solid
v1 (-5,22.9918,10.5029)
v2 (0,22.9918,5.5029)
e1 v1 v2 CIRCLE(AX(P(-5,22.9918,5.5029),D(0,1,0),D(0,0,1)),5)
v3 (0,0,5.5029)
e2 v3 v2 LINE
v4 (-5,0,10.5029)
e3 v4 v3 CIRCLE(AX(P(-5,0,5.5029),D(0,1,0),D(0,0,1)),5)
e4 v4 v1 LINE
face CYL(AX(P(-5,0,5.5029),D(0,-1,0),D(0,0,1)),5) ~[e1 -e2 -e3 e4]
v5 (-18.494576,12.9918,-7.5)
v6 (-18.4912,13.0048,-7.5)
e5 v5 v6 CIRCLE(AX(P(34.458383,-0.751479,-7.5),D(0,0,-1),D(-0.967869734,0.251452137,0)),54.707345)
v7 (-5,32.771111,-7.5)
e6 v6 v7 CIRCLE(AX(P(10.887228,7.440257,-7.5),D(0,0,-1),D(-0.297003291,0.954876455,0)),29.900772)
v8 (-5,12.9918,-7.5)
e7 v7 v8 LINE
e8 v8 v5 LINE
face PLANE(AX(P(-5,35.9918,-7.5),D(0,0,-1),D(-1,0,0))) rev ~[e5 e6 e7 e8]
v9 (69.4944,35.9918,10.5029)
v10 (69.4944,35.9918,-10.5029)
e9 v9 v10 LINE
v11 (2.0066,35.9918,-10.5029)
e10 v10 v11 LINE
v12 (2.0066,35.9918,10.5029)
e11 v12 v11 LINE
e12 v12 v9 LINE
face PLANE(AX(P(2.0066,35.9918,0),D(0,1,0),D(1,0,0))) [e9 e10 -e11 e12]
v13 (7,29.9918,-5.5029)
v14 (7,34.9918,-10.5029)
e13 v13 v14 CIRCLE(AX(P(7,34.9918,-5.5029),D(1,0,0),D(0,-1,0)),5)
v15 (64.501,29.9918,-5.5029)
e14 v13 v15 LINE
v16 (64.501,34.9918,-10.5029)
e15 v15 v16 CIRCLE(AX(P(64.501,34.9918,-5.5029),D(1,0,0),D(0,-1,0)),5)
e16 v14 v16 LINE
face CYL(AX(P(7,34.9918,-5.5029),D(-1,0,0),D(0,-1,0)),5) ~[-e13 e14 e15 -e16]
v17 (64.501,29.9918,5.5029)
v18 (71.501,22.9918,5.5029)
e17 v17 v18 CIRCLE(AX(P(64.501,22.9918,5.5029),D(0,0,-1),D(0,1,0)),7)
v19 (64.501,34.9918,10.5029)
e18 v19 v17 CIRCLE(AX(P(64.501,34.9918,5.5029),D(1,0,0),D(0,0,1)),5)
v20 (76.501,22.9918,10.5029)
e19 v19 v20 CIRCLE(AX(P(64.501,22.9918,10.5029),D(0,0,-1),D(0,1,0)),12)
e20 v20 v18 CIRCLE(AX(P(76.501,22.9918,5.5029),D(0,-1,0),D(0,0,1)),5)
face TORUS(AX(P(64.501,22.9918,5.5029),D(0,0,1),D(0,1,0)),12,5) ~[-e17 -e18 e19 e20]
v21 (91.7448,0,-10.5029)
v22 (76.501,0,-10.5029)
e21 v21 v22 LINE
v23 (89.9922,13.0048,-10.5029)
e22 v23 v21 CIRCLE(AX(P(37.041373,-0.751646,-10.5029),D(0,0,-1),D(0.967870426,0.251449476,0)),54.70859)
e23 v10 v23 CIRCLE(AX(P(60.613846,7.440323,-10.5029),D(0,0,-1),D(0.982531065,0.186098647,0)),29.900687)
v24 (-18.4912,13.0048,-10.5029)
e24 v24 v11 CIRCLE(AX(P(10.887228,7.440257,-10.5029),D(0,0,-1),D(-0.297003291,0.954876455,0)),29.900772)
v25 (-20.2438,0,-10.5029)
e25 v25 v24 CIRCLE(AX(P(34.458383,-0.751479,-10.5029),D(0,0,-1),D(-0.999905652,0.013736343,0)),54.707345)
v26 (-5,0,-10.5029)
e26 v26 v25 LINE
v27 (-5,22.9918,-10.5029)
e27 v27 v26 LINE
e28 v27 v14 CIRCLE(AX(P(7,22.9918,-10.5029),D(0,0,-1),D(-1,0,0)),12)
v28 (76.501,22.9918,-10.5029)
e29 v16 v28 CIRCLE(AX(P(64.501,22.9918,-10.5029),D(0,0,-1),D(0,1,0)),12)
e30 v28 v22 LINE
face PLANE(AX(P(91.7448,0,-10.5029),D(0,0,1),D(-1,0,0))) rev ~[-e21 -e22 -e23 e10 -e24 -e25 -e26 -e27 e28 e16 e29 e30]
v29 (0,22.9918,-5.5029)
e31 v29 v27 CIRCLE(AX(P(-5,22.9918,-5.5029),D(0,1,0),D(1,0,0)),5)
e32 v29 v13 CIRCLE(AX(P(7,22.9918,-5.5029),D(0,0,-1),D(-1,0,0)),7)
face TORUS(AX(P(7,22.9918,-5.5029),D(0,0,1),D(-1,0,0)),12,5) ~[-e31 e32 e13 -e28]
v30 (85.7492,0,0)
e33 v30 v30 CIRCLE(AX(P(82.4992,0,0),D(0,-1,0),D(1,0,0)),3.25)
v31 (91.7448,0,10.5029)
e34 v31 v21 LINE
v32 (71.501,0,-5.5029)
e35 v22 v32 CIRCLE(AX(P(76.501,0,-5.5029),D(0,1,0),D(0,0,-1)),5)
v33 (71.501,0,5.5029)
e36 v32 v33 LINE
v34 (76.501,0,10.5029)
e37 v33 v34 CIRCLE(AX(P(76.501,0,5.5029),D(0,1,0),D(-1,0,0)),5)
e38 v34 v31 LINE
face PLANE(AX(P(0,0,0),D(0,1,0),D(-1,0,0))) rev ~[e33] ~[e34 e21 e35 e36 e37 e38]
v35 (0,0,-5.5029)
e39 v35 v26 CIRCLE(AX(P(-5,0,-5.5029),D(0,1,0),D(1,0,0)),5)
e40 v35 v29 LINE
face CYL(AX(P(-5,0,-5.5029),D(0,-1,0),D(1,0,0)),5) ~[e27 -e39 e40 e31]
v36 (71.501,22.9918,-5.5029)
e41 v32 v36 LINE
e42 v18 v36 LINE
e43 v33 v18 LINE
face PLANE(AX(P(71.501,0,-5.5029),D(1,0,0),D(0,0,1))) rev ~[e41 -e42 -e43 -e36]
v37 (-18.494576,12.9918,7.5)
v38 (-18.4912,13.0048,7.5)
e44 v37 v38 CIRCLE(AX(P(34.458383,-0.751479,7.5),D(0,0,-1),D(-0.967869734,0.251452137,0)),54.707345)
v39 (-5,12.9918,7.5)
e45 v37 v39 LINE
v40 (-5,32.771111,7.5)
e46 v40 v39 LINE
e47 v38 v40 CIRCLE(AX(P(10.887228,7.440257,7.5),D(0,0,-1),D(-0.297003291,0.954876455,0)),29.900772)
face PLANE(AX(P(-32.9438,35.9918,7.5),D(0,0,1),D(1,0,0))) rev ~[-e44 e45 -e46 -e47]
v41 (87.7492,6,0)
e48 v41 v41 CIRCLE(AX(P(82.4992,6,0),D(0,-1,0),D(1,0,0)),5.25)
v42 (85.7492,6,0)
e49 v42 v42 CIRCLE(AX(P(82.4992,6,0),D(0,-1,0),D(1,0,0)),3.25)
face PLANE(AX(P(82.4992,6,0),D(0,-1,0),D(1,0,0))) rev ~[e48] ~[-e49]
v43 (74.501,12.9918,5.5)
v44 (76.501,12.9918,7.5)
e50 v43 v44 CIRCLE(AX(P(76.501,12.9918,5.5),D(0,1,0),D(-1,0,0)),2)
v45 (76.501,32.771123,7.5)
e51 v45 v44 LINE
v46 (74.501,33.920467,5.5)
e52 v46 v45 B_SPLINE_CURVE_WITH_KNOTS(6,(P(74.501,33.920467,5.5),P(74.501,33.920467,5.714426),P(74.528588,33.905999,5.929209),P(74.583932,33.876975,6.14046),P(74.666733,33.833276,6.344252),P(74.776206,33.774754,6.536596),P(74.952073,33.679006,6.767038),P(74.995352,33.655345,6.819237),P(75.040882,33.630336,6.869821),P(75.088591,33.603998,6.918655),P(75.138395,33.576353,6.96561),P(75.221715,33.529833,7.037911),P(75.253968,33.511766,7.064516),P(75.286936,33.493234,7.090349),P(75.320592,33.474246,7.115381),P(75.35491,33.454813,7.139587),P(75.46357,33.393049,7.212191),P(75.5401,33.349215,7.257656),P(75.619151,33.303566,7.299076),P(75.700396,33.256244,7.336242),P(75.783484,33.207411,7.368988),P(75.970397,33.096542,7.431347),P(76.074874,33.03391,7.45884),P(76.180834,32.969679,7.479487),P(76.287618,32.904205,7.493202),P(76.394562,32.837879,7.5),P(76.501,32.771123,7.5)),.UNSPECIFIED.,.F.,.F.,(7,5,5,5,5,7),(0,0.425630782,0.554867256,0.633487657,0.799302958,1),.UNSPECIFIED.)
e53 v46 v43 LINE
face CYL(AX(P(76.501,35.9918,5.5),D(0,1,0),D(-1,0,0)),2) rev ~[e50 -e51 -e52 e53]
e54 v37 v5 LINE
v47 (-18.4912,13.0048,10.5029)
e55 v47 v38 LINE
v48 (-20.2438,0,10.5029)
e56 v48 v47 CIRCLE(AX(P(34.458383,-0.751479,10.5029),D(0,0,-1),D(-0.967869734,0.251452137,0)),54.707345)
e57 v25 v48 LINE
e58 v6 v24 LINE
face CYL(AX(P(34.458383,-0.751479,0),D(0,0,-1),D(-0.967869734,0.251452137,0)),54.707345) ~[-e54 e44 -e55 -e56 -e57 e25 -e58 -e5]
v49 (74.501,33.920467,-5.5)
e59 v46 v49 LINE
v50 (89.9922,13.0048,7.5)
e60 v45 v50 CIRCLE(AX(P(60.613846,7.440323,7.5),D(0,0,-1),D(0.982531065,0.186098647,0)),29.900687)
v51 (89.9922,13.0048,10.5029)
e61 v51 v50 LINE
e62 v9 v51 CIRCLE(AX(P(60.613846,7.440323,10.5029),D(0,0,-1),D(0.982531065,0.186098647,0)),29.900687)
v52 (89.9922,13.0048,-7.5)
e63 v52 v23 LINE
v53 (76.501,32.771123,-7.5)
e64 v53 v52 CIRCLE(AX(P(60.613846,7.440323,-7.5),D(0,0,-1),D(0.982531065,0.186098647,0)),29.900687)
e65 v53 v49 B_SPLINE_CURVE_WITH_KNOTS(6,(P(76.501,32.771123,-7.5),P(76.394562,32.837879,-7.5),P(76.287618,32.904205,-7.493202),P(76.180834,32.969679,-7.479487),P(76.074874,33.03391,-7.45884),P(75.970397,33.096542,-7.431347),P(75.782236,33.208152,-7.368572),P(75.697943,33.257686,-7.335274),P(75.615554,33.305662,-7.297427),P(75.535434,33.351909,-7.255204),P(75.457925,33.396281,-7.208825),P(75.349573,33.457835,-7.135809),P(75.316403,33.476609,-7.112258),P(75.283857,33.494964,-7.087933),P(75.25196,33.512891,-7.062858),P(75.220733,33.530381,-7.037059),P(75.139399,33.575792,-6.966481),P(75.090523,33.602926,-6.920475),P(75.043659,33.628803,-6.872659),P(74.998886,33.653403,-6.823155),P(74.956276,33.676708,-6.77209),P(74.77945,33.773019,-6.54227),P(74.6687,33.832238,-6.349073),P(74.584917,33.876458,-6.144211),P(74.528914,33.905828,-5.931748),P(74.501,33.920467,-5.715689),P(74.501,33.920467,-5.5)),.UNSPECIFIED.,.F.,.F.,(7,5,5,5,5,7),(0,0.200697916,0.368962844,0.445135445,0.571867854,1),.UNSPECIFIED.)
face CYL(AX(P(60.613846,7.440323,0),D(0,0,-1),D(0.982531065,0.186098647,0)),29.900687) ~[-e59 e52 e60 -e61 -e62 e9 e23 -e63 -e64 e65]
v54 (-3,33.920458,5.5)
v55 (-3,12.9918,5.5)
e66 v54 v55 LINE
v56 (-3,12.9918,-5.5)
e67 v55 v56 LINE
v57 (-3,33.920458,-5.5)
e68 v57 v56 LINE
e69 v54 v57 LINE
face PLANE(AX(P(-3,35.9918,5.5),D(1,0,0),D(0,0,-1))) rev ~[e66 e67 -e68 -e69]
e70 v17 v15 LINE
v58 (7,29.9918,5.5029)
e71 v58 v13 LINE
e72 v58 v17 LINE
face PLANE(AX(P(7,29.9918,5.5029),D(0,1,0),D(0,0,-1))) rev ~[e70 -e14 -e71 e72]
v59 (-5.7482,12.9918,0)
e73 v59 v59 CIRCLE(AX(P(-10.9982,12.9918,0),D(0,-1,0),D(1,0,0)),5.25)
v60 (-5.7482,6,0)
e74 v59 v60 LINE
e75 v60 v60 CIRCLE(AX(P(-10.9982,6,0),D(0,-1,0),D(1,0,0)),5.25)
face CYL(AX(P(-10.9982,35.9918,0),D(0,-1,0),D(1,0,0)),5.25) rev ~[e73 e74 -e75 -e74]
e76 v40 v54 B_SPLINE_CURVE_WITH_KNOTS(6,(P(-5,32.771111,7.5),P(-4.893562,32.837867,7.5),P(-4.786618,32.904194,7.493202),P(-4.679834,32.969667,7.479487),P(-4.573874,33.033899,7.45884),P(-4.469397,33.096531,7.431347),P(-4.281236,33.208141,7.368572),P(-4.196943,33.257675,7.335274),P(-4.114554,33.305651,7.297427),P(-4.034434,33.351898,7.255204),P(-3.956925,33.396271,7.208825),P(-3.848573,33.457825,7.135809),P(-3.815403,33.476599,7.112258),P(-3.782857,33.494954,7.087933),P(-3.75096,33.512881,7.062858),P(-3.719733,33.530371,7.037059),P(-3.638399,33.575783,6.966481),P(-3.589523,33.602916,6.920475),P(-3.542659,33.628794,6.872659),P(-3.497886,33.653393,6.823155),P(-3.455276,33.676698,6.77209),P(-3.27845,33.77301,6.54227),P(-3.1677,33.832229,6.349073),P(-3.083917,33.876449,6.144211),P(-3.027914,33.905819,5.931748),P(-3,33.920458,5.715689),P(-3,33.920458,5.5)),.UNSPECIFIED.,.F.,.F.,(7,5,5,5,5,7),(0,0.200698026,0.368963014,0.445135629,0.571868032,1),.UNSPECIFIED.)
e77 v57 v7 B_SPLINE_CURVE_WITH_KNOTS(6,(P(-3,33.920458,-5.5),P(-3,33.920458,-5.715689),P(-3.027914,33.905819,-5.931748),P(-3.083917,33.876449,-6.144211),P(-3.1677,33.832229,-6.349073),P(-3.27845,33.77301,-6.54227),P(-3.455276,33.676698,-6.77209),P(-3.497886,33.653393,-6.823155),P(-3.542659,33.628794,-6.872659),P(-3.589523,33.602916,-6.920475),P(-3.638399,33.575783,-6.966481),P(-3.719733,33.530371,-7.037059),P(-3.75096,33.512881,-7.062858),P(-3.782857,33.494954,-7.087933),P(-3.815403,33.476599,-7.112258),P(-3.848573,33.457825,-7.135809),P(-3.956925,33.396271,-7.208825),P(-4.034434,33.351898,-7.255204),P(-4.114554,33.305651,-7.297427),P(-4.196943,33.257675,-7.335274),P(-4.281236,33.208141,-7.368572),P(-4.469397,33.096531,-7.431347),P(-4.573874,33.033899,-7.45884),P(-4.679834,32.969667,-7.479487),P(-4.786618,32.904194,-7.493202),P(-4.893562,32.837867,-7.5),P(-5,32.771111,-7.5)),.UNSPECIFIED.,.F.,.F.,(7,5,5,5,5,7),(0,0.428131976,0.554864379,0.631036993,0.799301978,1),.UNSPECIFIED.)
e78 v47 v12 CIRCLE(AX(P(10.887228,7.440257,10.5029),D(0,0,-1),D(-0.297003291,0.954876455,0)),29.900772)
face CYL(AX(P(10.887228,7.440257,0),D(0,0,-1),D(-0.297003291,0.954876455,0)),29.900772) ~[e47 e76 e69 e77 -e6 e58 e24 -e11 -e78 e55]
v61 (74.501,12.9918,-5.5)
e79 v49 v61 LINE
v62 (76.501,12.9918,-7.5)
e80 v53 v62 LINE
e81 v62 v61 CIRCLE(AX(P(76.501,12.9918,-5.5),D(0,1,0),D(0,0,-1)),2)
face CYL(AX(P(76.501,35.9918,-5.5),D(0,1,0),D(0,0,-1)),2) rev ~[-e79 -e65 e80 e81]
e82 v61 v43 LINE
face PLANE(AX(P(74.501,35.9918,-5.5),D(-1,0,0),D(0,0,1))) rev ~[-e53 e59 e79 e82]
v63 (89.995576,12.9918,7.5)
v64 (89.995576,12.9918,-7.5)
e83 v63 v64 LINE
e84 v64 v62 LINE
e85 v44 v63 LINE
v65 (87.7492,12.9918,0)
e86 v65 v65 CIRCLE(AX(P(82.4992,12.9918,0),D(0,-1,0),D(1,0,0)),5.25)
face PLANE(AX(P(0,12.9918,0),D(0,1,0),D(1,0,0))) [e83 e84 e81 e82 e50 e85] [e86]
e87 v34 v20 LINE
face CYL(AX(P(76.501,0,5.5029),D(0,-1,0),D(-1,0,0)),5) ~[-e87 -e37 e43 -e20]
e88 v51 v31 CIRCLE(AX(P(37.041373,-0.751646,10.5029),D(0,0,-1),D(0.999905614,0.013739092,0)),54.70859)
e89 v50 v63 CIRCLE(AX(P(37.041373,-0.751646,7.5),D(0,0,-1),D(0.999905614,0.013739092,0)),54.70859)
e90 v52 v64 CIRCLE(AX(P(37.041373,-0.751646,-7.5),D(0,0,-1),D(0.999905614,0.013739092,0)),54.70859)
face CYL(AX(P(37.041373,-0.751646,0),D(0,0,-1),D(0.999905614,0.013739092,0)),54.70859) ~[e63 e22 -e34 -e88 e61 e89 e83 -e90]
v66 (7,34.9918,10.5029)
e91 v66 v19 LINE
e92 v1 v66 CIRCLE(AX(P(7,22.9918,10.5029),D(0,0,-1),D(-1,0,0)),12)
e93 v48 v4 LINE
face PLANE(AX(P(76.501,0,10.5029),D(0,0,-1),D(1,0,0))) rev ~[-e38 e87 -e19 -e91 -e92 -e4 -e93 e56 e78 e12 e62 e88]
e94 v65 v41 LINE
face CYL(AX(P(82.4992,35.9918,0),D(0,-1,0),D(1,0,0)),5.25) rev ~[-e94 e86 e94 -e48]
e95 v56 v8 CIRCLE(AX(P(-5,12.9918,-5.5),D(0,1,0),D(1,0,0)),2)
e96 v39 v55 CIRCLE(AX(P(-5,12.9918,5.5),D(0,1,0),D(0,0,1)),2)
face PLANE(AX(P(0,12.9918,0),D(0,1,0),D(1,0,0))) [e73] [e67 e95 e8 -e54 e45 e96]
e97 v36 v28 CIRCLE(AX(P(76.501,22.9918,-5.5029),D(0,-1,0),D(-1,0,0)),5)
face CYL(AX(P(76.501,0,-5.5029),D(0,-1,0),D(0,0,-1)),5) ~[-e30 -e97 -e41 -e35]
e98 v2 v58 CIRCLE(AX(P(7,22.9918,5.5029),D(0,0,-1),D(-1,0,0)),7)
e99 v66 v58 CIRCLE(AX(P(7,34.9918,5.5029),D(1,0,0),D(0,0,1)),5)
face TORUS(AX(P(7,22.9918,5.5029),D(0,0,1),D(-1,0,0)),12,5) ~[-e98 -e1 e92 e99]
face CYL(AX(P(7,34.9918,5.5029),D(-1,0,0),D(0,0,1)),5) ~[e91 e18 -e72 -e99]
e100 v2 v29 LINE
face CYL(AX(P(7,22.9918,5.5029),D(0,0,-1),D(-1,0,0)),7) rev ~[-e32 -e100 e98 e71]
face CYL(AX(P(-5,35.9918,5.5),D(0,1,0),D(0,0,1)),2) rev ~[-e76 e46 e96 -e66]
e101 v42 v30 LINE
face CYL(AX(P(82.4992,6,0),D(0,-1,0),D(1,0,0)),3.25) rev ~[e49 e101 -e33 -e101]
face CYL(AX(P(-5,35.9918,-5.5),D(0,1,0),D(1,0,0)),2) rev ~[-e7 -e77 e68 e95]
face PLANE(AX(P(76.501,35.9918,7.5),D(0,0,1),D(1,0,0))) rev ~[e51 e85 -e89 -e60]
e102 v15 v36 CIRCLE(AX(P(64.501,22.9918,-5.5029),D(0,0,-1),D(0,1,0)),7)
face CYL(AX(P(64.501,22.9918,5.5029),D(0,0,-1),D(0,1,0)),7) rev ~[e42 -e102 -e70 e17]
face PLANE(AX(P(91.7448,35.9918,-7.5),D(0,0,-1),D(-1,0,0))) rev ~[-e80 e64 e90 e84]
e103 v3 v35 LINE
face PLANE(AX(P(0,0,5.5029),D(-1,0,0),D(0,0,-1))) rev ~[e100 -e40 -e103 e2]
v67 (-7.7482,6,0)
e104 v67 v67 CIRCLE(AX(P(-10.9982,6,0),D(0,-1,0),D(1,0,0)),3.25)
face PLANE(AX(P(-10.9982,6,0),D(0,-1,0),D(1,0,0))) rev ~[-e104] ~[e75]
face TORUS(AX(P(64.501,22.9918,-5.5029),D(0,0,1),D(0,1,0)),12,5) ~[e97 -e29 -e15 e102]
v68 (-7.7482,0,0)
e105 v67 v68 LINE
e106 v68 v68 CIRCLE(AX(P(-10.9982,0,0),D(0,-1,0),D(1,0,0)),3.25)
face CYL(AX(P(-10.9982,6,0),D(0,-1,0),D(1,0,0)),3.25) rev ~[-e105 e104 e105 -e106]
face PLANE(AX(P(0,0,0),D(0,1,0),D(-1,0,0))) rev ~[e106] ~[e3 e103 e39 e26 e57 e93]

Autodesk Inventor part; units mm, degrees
ref_plane "YZ Plane" through (0, 0, 0) normal (1, 0, 0) x (0, 1, 0)
ref_plane "XZ Plane" through (0, 0, 0) normal (0, 1, 0) x (-1, 0, 0)
ref_plane "XY Plane" through (0, 0, 0) normal (0, 0, 1) x (1, 0, 0)
sketch "Sketch_19" plane through (0, 0, 0) normal (0, 1, 0) x (-1, 0, 0)
  line L0 (20.2438, -10.5029) -> (20.2438, 10.5029)
  line L1 (20.2438, 10.5029) -> (5, 10.5029)
  arc A0 (5, 10.5029) -> (0, 5.5029) centre (5, 5.5029) ccw
  line L2 (0, 5.5029) -> (0, -5.5029)
  arc A1 (0, -5.5029) -> (5, -10.5029) centre (5, -5.5029) ccw
  line L3 (5, -10.5029) -> (20.2438, -10.5029)
extrude "Extrusion1" add sketch "Sketch_19" along normal blind 22.9918
sketch "Sketch_20" plane through (0, 22.9918, 0) normal (0, 1, 0) x (1, 0, 0)
  line L0 (7, 5.5029) -> (7, -5.5029)
  line L1 (-20.2438, 10.5029) -> (-20.2438, -10.5029)
  line L2 (-20.2438, -10.5029) -> (-5, -10.5029)
  arc A0 (-5, -10.5029) -> (0, -5.5029) centre (-5, -5.5029) ccw
  line L3 (0, -5.5029) -> (0, 5.5029)
  arc A1 (0, 5.5029) -> (-5, 10.5029) centre (-5, 5.5029) ccw
  line L4 (-5, 10.5029) -> (-20.2438, 10.5029)
revolve "Revolution1" add sketch "Sketch_20" angle 90 about axis through (7, 22.9918, -5.5029) along (0, 0, -1)
sketch "Sketch_21" plane through (7, 0, 0) normal (1, 0, 0) x (0, 0, -1)
  arc A0 (-10.5029, 34.9918) -> (-5.5029, 29.9918) centre (-5.5029, 34.9918) ccw
  line L0 (-5.5029, 29.9918) -> (5.5029, 29.9918)
  arc A1 (5.5029, 29.9918) -> (10.5029, 34.9918) centre (5.5029, 34.9918) ccw
  line L1 (10.5029, 34.9918) -> (10.5029, 50.2356)
  line L2 (10.5029, 50.2356) -> (-10.5029, 50.2356)
  line L3 (-10.5029, 50.2356) -> (-10.5029, 34.9918)
extrude "Extrusion2" add sketch "Sketch_21" along normal blind 57.501
sketch "Sketch_22" plane through (64.501, 0, 0) normal (1, 0, 0) x (0, 0, -1)
  line L0 (5.5029, 22.9918) -> (-5.5029, 22.9918)
  arc A0 (-10.5029, 34.9918) -> (-5.5029, 29.9918) centre (-5.5029, 34.9918) ccw
  line L1 (-5.5029, 29.9918) -> (5.5029, 29.9918)
  arc A1 (5.5029, 29.9918) -> (10.5029, 34.9918) centre (5.5029, 34.9918) ccw
  line L2 (10.5029, 34.9918) -> (10.5029, 50.2356)
  line L3 (10.5029, 50.2356) -> (-10.5029, 50.2356)
  line L4 (-10.5029, 50.2356) -> (-10.5029, 34.9918)
revolve "Revolution2" add sketch "Sketch_22" angle 90 about axis through (64.501, 22.9918, -5.5029) along (0, 0, -1)
sketch "Sketch_23" plane through (0, 0, 0) normal (0, 1, 0) x (-1, 0, 0)
  arc A0 (-71.501, 5.5029) -> (-76.501, 10.5029) centre (-76.501, 5.5029) ccw
  line L0 (-76.501, 10.5029) -> (-91.7448, 10.5029)
  line L1 (-91.7448, 10.5029) -> (-91.7448, -10.5029)
  line L2 (-91.7448, -10.5029) -> (-76.501, -10.5029)
  arc A1 (-76.501, -10.5029) -> (-71.501, -5.5029) centre (-76.501, -5.5029) ccw
  line L3 (-71.501, -5.5029) -> (-71.501, 5.5029)
extrude "Extrusion3" add sketch "Sketch_23" along normal blind 22.9918
sketch "Sketch_24" plane through (0, 0, 0) normal (0, 0, 1) x (1, 0, 0)
  line L0 (-32.9438, 71.9836) -> (-32.9438, 0)
  line L1 (-32.9438, 0) -> (-20.2438, 0)
  arc A0 (-18.4912, 13.0048) -> (-20.2438, 0) centre (34.459, -0.7516) ccw
  arc A1 (2.0066, 35.9918) -> (-18.4912, 13.0048) centre (10.8872, 7.4403) ccw
  line L2 (2.0066, 35.9918) -> (69.4944, 35.9918)
  arc A2 (89.9922, 13.0048) -> (69.4944, 35.9918) centre (60.6138, 7.4403) ccw
  arc A3 (91.7448, 0) -> (89.9922, 13.0048) centre (37.042, -0.7516) ccw
  line L3 (91.7448, 0) -> (104.4448, 0)
  line L4 (104.4448, 0) -> (104.4448, 71.9836)
  line L5 (104.4448, 71.9836) -> (-32.9438, 71.9836)
extrude "Extrusion4" cut sketch "Sketch_24" along normal mid plane 42.0116
sketch "Sketch_25" plane through (0, 0, 0) normal (0, 0, 1) x (1, 0, 0)
  line L0 (82.4992, 0) -> (82.4992, 35.9918)
  line L1 (82.4992, 35.9918) -> (87.7492, 35.9918)
  line L2 (87.7492, 35.9918) -> (87.7492, 6)
  line L3 (87.7492, 6) -> (85.7492, 6)
  line L4 (85.7492, 6) -> (85.7492, 0)
  line L5 (85.7492, 0) -> (82.4992, 0)
  line L6 (82.4992, 0) -> (82.4992, 35.9918)
revolve "Revolution3" cut sketch "Sketch_25" angle 360 about axis through (82.4992, 0, 0) along (0, -1, 0)
sketch "Sketch_26" plane through (0, 0, 0) normal (0, 0, 1) x (1, 0, 0)
  line L0 (-10.9982, 0) -> (-10.9982, 35.9918)
  line L1 (-10.9982, 35.9918) -> (-5.7482, 35.9918)
  line L2 (-5.7482, 35.9918) -> (-5.7482, 6)
  line L3 (-5.7482, 6) -> (-7.7482, 6)
  line L4 (-7.7482, 6) -> (-7.7482, 0)
  line L5 (-7.7482, 0) -> (-10.9982, 0)
  line L6 (-10.9982, 0) -> (-10.9982, 35.9918)
revolve "Revolution4" cut sketch "Sketch_26" angle 360 about axis through (-10.9982, 0, 0) along (0, -1, 0)
sketch "Sketch_27" plane through (0, 35.9918, 0) normal (0, 1, 0) x (1, 0, 0)
  line L0 (-32.9438, 23.2029) -> (-32.9438, -7.5)
  line L1 (-32.9438, -7.5) -> (-5, -7.5)
  arc A0 (-5, -7.5) -> (-3, -5.5) centre (-5, -5.5) ccw
  line L2 (-3, -5.5) -> (-3, 5.5)
  arc A1 (-3, 5.5) -> (-5, 7.5) centre (-5, 5.5) ccw
  line L3 (-5, 7.5) -> (-20.2438, 7.5)
  line L4 (-20.2438, 7.5) -> (-20.2438, 10.5029)
  line L5 (-20.2438, 10.5029) -> (91.7448, 10.5029)
  line L6 (91.7448, 10.5029) -> (91.7448, 7.5)
  line L7 (91.7448, 7.5) -> (76.501, 7.5)
  arc A2 (76.501, 7.5) -> (74.501, 5.5) centre (76.501, 5.5) ccw
  line L8 (74.501, 5.5) -> (74.501, -5.5)
  arc A3 (74.501, -5.5) -> (76.501, -7.5) centre (76.501, -5.5) ccw
  line L9 (76.501, -7.5) -> (104.4448, -7.5)
  line L10 (104.4448, -7.5) -> (104.4448, 23.2029)
  line L11 (104.4448, 23.2029) -> (-32.9438, 23.2029)
extrude "Extrusion5" cut sketch "Sketch_27" against normal blind 23
properties part number "2062"
